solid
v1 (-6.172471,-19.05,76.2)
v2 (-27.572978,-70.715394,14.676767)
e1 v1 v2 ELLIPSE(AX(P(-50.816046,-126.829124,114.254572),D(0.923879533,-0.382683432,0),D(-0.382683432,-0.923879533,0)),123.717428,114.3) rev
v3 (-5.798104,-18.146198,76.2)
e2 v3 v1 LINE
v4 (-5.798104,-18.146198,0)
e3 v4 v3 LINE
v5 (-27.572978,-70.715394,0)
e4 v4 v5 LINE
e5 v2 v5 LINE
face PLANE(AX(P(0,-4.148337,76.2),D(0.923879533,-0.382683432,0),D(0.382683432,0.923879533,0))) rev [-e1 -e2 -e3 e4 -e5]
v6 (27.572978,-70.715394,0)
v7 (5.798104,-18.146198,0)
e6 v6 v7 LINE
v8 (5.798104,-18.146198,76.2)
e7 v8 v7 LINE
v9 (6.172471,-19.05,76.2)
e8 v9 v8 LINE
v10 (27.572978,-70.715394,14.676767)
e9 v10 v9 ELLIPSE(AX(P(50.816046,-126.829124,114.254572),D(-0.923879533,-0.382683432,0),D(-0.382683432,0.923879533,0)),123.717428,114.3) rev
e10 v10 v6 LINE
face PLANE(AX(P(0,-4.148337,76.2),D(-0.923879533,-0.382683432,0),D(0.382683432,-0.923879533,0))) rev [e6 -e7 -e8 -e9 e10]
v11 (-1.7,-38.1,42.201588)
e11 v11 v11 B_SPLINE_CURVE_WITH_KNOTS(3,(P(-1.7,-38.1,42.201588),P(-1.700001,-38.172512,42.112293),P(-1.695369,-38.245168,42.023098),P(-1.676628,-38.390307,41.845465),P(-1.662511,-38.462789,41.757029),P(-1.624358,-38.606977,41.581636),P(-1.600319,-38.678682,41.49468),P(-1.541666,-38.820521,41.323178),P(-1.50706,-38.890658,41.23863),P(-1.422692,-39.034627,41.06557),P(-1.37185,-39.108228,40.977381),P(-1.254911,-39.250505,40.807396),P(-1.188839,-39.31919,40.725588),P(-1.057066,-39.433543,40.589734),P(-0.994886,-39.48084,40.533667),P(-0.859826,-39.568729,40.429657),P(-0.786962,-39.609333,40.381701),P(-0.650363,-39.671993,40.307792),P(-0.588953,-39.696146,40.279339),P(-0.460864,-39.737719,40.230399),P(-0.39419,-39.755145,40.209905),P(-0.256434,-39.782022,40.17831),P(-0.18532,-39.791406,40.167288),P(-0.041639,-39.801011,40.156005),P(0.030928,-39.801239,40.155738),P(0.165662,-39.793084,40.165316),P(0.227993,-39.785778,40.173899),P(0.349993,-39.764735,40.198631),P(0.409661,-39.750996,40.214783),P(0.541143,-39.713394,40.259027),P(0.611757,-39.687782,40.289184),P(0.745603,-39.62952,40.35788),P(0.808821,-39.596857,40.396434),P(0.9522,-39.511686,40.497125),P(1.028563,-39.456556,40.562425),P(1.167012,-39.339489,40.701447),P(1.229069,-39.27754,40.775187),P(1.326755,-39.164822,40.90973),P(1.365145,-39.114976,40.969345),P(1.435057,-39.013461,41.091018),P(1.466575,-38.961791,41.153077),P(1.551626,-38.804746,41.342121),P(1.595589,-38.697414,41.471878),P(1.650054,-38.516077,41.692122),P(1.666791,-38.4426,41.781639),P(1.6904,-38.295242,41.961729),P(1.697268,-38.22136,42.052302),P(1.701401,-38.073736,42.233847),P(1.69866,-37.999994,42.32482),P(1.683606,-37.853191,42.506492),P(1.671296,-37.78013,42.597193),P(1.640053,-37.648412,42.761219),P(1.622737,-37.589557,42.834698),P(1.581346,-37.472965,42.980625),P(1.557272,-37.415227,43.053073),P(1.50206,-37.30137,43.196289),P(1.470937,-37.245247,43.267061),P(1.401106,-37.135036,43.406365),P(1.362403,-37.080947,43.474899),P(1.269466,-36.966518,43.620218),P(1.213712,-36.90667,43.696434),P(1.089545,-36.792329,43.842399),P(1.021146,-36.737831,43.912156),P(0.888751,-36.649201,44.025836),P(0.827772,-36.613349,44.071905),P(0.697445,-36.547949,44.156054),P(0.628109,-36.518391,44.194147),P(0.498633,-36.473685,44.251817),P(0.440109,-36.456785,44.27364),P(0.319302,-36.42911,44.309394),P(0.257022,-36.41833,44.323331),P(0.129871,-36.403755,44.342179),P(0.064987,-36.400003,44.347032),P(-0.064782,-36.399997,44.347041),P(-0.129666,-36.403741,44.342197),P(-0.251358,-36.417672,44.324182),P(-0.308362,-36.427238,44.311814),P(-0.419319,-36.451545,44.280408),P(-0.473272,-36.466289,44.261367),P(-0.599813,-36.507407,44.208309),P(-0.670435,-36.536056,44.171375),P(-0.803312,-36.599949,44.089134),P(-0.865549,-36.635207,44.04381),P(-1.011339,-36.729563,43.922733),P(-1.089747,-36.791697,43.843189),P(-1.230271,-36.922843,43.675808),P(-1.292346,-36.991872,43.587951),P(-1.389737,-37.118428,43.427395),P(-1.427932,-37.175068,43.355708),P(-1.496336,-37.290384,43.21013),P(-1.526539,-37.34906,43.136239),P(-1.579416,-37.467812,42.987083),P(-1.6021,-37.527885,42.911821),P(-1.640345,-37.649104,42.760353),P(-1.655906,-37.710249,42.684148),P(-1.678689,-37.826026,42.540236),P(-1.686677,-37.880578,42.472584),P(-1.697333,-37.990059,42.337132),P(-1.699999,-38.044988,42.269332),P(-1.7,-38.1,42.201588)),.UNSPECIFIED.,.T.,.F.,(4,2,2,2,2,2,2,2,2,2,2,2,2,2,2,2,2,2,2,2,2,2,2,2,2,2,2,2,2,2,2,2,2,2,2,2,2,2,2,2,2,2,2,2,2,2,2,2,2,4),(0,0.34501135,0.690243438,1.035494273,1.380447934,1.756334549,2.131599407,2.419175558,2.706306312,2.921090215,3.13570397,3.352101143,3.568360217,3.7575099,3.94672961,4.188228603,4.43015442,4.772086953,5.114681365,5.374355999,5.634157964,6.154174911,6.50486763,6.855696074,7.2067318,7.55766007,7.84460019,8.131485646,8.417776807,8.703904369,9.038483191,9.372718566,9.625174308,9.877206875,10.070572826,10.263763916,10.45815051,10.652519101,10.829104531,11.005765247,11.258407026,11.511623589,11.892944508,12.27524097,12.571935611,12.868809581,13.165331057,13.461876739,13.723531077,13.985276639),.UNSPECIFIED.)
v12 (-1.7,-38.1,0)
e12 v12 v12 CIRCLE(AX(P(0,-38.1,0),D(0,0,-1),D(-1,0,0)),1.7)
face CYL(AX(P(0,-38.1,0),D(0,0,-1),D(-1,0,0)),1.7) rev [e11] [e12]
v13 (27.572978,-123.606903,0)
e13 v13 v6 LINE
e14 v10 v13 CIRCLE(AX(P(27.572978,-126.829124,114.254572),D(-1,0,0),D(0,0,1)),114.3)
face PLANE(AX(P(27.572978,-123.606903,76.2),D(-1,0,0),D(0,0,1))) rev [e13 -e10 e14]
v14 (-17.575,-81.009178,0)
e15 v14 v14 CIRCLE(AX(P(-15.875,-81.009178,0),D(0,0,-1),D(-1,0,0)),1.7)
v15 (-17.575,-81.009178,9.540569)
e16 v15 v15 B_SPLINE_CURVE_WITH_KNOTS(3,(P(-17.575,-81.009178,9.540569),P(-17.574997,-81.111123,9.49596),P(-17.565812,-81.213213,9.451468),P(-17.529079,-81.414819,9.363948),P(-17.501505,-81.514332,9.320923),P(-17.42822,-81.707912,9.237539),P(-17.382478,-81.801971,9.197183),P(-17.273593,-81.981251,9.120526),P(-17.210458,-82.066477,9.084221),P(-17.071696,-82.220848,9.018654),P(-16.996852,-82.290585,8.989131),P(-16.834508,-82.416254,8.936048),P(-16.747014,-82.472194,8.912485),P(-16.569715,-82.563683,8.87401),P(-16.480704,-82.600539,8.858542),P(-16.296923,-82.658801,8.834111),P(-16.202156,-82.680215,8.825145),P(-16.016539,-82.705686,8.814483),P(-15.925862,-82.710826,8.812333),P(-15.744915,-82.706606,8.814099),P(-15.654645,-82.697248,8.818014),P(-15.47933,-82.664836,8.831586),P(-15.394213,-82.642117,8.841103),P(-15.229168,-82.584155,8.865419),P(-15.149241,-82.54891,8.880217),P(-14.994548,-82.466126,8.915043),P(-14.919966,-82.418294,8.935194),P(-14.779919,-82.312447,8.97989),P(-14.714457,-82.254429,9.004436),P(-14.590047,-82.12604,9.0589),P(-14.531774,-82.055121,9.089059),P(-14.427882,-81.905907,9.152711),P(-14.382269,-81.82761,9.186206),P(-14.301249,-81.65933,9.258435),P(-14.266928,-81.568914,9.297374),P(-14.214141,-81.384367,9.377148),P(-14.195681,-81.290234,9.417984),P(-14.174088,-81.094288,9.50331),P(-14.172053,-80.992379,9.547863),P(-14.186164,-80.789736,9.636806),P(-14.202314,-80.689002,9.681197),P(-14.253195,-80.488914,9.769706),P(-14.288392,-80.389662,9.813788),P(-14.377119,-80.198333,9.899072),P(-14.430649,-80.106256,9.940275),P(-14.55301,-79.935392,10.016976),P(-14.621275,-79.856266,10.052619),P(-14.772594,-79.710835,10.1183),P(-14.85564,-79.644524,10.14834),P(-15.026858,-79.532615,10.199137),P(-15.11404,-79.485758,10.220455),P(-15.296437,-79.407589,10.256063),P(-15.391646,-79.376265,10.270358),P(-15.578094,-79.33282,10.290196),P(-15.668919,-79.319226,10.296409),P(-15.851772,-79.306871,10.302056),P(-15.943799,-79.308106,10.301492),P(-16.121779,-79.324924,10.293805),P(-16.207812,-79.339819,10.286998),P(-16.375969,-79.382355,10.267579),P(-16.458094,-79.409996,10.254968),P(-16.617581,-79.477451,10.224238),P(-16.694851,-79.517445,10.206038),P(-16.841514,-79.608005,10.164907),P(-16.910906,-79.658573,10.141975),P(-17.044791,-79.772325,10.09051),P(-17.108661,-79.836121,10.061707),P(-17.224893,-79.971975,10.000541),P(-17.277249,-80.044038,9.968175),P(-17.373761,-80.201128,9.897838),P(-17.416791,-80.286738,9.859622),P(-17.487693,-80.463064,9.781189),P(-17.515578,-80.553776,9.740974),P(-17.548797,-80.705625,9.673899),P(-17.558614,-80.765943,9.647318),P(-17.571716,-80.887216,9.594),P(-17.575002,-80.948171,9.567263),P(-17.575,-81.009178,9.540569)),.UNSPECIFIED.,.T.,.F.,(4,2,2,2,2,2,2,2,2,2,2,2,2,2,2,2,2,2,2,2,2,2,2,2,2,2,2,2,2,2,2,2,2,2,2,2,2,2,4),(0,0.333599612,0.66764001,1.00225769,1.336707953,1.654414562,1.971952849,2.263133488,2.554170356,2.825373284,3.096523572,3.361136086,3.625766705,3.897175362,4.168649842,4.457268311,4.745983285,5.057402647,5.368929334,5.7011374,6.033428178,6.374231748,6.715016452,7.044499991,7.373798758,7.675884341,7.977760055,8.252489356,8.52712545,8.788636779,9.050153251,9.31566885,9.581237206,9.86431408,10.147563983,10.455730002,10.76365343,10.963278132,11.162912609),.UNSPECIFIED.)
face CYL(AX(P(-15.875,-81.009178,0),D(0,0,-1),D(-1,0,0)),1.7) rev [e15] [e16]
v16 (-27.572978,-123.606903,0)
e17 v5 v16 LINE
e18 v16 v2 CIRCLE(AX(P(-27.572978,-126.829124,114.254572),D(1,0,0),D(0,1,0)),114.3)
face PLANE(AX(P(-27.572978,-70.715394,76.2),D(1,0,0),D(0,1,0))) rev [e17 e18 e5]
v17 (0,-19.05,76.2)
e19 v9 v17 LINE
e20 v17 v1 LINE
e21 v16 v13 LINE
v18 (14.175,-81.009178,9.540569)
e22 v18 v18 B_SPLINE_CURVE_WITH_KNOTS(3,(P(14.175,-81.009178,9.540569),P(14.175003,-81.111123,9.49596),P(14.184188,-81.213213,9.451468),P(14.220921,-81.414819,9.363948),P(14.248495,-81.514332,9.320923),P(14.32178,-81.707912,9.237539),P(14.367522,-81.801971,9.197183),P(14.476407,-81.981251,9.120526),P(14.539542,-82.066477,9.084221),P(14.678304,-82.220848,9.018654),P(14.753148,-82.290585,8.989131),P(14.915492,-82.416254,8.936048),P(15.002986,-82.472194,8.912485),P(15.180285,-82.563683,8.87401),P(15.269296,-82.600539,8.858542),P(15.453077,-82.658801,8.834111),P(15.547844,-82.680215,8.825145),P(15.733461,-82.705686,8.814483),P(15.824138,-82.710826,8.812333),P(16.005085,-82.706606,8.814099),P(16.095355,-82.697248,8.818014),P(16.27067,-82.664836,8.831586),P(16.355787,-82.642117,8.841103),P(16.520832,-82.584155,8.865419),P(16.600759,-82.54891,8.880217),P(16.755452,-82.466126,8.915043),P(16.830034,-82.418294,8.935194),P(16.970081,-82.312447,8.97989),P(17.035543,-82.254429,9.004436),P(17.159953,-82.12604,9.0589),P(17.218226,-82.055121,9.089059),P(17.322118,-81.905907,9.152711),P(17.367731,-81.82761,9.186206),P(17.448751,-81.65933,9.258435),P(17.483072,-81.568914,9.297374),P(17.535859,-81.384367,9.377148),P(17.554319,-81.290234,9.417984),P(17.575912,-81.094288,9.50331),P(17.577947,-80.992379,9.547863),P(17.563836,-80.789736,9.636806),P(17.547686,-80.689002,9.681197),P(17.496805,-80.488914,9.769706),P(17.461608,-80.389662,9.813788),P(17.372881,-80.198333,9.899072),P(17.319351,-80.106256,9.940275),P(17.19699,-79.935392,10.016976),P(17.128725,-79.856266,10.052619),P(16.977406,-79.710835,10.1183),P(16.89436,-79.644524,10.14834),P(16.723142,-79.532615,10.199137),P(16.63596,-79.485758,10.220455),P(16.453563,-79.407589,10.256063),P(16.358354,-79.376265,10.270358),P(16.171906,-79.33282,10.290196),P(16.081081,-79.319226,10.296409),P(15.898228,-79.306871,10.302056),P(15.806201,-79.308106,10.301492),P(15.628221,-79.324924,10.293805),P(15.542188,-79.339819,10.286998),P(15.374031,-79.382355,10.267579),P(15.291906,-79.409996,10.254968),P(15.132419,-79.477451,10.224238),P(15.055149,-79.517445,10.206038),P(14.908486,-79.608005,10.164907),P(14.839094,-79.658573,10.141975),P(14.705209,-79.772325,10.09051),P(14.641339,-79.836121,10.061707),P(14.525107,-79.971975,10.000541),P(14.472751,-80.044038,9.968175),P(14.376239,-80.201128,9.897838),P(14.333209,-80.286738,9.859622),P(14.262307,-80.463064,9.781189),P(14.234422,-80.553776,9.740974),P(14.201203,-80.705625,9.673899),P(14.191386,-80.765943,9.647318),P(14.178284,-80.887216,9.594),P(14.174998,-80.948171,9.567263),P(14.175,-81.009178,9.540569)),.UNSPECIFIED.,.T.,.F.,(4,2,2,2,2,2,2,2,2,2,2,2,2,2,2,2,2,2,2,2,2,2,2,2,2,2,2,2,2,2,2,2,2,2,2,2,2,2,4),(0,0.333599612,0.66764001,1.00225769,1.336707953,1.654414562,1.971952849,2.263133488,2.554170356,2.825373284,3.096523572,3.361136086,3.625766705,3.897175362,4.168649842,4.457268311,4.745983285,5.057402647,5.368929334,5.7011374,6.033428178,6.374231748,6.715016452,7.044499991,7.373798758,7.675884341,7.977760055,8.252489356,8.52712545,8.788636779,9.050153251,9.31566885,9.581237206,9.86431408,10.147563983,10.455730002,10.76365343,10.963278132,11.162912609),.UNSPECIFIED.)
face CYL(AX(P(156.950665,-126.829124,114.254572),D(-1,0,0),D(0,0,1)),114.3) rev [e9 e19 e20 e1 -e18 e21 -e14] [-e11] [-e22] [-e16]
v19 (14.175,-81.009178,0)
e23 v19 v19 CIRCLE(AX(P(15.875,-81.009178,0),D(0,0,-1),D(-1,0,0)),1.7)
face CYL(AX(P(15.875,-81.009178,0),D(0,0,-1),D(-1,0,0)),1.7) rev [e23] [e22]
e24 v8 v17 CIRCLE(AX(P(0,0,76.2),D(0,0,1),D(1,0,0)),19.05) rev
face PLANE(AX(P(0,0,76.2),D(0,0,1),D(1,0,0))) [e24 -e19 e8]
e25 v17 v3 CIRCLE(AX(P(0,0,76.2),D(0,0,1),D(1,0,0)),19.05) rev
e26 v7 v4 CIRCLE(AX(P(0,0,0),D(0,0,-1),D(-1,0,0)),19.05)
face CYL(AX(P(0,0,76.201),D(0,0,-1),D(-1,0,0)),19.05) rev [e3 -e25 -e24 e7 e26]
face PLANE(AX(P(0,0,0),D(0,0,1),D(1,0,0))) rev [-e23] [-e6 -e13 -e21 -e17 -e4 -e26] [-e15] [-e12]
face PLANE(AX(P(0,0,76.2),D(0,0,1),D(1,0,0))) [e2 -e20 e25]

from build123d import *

# Parameters (mm, degrees)
BOSS_EXTRUDE1_DEPTH  = 76.2
CUT_EXTRUDE1_START   = -27.572978
CUT_EXTRUDE1_DEPTH   = 55.145956
M3_CLEARANCE_HOLE1_D = 3.4
CUT_EXTRUDE2_REACH   = 149.802
SKETCH10_R           = 19.05


with BuildPart() as part:
    # Sketch1 → Boss-Extrude1 (new body)
    with BuildSketch(Plane.XY):
        Polygon((27.572977546, -123.606903324), (27.572977546, -70.715393761), (0, -4.148337413), (-27.572977546, -70.715393761), (-27.572977546, -123.606903324), align=None)
    extrude(amount=BOSS_EXTRUDE1_DEPTH)

    # Sketch2 → Cut-Extrude1 (cut)
    with BuildSketch(Plane(origin=(0, 0, 0), x_dir=(0, 0, -1), z_dir=(1, 0, 0)).offset(CUT_EXTRUDE1_START)):
        with BuildLine():
            Line((-76.2, -123.606903324), (0, -123.606903324))
            ThreePointArc((0, -123.606903324), (-21.882740068, -59.509478763), (-76.2, -19.05))
            Line((-76.2, -19.05), (-76.2, -70.715393761))
            Line((-76.2, -70.715393761), (-76.2, -123.606903324))
        make_face()
    extrude(amount=CUT_EXTRUDE1_DEPTH, mode=Mode.SUBTRACT)

    # M3 Clearance Hole1 (through all)
    with Locations(Plane(origin=(0, 0, 0), x_dir=(-1, 0, 0), z_dir=(0, 0, -1))):
        with Locations((-15.875, -81.009177721), (15.875, -81.009177721), (0, -38.1)):
            Hole(M3_CLEARANCE_HOLE1_D / 2)

    # Sketch10 → Cut-Extrude2 (cut, up to next)
    with BuildSketch(Plane(origin=(0, 0, 0), x_dir=(-1, 0, 0), z_dir=(0, 0, -1)), mode=Mode.PRIVATE) as cut_extrude2_sk1:
        Circle(SKETCH10_R)
    cut_extrude2_tool1 = extrude(cut_extrude2_sk1.sketch, amount=-CUT_EXTRUDE2_REACH, mode=Mode.PRIVATE) & part.part
    add(cut_extrude2_tool1.solids().sort_by_distance((0, 0, 0))[0], mode=Mode.SUBTRACT)


solid = part.part
